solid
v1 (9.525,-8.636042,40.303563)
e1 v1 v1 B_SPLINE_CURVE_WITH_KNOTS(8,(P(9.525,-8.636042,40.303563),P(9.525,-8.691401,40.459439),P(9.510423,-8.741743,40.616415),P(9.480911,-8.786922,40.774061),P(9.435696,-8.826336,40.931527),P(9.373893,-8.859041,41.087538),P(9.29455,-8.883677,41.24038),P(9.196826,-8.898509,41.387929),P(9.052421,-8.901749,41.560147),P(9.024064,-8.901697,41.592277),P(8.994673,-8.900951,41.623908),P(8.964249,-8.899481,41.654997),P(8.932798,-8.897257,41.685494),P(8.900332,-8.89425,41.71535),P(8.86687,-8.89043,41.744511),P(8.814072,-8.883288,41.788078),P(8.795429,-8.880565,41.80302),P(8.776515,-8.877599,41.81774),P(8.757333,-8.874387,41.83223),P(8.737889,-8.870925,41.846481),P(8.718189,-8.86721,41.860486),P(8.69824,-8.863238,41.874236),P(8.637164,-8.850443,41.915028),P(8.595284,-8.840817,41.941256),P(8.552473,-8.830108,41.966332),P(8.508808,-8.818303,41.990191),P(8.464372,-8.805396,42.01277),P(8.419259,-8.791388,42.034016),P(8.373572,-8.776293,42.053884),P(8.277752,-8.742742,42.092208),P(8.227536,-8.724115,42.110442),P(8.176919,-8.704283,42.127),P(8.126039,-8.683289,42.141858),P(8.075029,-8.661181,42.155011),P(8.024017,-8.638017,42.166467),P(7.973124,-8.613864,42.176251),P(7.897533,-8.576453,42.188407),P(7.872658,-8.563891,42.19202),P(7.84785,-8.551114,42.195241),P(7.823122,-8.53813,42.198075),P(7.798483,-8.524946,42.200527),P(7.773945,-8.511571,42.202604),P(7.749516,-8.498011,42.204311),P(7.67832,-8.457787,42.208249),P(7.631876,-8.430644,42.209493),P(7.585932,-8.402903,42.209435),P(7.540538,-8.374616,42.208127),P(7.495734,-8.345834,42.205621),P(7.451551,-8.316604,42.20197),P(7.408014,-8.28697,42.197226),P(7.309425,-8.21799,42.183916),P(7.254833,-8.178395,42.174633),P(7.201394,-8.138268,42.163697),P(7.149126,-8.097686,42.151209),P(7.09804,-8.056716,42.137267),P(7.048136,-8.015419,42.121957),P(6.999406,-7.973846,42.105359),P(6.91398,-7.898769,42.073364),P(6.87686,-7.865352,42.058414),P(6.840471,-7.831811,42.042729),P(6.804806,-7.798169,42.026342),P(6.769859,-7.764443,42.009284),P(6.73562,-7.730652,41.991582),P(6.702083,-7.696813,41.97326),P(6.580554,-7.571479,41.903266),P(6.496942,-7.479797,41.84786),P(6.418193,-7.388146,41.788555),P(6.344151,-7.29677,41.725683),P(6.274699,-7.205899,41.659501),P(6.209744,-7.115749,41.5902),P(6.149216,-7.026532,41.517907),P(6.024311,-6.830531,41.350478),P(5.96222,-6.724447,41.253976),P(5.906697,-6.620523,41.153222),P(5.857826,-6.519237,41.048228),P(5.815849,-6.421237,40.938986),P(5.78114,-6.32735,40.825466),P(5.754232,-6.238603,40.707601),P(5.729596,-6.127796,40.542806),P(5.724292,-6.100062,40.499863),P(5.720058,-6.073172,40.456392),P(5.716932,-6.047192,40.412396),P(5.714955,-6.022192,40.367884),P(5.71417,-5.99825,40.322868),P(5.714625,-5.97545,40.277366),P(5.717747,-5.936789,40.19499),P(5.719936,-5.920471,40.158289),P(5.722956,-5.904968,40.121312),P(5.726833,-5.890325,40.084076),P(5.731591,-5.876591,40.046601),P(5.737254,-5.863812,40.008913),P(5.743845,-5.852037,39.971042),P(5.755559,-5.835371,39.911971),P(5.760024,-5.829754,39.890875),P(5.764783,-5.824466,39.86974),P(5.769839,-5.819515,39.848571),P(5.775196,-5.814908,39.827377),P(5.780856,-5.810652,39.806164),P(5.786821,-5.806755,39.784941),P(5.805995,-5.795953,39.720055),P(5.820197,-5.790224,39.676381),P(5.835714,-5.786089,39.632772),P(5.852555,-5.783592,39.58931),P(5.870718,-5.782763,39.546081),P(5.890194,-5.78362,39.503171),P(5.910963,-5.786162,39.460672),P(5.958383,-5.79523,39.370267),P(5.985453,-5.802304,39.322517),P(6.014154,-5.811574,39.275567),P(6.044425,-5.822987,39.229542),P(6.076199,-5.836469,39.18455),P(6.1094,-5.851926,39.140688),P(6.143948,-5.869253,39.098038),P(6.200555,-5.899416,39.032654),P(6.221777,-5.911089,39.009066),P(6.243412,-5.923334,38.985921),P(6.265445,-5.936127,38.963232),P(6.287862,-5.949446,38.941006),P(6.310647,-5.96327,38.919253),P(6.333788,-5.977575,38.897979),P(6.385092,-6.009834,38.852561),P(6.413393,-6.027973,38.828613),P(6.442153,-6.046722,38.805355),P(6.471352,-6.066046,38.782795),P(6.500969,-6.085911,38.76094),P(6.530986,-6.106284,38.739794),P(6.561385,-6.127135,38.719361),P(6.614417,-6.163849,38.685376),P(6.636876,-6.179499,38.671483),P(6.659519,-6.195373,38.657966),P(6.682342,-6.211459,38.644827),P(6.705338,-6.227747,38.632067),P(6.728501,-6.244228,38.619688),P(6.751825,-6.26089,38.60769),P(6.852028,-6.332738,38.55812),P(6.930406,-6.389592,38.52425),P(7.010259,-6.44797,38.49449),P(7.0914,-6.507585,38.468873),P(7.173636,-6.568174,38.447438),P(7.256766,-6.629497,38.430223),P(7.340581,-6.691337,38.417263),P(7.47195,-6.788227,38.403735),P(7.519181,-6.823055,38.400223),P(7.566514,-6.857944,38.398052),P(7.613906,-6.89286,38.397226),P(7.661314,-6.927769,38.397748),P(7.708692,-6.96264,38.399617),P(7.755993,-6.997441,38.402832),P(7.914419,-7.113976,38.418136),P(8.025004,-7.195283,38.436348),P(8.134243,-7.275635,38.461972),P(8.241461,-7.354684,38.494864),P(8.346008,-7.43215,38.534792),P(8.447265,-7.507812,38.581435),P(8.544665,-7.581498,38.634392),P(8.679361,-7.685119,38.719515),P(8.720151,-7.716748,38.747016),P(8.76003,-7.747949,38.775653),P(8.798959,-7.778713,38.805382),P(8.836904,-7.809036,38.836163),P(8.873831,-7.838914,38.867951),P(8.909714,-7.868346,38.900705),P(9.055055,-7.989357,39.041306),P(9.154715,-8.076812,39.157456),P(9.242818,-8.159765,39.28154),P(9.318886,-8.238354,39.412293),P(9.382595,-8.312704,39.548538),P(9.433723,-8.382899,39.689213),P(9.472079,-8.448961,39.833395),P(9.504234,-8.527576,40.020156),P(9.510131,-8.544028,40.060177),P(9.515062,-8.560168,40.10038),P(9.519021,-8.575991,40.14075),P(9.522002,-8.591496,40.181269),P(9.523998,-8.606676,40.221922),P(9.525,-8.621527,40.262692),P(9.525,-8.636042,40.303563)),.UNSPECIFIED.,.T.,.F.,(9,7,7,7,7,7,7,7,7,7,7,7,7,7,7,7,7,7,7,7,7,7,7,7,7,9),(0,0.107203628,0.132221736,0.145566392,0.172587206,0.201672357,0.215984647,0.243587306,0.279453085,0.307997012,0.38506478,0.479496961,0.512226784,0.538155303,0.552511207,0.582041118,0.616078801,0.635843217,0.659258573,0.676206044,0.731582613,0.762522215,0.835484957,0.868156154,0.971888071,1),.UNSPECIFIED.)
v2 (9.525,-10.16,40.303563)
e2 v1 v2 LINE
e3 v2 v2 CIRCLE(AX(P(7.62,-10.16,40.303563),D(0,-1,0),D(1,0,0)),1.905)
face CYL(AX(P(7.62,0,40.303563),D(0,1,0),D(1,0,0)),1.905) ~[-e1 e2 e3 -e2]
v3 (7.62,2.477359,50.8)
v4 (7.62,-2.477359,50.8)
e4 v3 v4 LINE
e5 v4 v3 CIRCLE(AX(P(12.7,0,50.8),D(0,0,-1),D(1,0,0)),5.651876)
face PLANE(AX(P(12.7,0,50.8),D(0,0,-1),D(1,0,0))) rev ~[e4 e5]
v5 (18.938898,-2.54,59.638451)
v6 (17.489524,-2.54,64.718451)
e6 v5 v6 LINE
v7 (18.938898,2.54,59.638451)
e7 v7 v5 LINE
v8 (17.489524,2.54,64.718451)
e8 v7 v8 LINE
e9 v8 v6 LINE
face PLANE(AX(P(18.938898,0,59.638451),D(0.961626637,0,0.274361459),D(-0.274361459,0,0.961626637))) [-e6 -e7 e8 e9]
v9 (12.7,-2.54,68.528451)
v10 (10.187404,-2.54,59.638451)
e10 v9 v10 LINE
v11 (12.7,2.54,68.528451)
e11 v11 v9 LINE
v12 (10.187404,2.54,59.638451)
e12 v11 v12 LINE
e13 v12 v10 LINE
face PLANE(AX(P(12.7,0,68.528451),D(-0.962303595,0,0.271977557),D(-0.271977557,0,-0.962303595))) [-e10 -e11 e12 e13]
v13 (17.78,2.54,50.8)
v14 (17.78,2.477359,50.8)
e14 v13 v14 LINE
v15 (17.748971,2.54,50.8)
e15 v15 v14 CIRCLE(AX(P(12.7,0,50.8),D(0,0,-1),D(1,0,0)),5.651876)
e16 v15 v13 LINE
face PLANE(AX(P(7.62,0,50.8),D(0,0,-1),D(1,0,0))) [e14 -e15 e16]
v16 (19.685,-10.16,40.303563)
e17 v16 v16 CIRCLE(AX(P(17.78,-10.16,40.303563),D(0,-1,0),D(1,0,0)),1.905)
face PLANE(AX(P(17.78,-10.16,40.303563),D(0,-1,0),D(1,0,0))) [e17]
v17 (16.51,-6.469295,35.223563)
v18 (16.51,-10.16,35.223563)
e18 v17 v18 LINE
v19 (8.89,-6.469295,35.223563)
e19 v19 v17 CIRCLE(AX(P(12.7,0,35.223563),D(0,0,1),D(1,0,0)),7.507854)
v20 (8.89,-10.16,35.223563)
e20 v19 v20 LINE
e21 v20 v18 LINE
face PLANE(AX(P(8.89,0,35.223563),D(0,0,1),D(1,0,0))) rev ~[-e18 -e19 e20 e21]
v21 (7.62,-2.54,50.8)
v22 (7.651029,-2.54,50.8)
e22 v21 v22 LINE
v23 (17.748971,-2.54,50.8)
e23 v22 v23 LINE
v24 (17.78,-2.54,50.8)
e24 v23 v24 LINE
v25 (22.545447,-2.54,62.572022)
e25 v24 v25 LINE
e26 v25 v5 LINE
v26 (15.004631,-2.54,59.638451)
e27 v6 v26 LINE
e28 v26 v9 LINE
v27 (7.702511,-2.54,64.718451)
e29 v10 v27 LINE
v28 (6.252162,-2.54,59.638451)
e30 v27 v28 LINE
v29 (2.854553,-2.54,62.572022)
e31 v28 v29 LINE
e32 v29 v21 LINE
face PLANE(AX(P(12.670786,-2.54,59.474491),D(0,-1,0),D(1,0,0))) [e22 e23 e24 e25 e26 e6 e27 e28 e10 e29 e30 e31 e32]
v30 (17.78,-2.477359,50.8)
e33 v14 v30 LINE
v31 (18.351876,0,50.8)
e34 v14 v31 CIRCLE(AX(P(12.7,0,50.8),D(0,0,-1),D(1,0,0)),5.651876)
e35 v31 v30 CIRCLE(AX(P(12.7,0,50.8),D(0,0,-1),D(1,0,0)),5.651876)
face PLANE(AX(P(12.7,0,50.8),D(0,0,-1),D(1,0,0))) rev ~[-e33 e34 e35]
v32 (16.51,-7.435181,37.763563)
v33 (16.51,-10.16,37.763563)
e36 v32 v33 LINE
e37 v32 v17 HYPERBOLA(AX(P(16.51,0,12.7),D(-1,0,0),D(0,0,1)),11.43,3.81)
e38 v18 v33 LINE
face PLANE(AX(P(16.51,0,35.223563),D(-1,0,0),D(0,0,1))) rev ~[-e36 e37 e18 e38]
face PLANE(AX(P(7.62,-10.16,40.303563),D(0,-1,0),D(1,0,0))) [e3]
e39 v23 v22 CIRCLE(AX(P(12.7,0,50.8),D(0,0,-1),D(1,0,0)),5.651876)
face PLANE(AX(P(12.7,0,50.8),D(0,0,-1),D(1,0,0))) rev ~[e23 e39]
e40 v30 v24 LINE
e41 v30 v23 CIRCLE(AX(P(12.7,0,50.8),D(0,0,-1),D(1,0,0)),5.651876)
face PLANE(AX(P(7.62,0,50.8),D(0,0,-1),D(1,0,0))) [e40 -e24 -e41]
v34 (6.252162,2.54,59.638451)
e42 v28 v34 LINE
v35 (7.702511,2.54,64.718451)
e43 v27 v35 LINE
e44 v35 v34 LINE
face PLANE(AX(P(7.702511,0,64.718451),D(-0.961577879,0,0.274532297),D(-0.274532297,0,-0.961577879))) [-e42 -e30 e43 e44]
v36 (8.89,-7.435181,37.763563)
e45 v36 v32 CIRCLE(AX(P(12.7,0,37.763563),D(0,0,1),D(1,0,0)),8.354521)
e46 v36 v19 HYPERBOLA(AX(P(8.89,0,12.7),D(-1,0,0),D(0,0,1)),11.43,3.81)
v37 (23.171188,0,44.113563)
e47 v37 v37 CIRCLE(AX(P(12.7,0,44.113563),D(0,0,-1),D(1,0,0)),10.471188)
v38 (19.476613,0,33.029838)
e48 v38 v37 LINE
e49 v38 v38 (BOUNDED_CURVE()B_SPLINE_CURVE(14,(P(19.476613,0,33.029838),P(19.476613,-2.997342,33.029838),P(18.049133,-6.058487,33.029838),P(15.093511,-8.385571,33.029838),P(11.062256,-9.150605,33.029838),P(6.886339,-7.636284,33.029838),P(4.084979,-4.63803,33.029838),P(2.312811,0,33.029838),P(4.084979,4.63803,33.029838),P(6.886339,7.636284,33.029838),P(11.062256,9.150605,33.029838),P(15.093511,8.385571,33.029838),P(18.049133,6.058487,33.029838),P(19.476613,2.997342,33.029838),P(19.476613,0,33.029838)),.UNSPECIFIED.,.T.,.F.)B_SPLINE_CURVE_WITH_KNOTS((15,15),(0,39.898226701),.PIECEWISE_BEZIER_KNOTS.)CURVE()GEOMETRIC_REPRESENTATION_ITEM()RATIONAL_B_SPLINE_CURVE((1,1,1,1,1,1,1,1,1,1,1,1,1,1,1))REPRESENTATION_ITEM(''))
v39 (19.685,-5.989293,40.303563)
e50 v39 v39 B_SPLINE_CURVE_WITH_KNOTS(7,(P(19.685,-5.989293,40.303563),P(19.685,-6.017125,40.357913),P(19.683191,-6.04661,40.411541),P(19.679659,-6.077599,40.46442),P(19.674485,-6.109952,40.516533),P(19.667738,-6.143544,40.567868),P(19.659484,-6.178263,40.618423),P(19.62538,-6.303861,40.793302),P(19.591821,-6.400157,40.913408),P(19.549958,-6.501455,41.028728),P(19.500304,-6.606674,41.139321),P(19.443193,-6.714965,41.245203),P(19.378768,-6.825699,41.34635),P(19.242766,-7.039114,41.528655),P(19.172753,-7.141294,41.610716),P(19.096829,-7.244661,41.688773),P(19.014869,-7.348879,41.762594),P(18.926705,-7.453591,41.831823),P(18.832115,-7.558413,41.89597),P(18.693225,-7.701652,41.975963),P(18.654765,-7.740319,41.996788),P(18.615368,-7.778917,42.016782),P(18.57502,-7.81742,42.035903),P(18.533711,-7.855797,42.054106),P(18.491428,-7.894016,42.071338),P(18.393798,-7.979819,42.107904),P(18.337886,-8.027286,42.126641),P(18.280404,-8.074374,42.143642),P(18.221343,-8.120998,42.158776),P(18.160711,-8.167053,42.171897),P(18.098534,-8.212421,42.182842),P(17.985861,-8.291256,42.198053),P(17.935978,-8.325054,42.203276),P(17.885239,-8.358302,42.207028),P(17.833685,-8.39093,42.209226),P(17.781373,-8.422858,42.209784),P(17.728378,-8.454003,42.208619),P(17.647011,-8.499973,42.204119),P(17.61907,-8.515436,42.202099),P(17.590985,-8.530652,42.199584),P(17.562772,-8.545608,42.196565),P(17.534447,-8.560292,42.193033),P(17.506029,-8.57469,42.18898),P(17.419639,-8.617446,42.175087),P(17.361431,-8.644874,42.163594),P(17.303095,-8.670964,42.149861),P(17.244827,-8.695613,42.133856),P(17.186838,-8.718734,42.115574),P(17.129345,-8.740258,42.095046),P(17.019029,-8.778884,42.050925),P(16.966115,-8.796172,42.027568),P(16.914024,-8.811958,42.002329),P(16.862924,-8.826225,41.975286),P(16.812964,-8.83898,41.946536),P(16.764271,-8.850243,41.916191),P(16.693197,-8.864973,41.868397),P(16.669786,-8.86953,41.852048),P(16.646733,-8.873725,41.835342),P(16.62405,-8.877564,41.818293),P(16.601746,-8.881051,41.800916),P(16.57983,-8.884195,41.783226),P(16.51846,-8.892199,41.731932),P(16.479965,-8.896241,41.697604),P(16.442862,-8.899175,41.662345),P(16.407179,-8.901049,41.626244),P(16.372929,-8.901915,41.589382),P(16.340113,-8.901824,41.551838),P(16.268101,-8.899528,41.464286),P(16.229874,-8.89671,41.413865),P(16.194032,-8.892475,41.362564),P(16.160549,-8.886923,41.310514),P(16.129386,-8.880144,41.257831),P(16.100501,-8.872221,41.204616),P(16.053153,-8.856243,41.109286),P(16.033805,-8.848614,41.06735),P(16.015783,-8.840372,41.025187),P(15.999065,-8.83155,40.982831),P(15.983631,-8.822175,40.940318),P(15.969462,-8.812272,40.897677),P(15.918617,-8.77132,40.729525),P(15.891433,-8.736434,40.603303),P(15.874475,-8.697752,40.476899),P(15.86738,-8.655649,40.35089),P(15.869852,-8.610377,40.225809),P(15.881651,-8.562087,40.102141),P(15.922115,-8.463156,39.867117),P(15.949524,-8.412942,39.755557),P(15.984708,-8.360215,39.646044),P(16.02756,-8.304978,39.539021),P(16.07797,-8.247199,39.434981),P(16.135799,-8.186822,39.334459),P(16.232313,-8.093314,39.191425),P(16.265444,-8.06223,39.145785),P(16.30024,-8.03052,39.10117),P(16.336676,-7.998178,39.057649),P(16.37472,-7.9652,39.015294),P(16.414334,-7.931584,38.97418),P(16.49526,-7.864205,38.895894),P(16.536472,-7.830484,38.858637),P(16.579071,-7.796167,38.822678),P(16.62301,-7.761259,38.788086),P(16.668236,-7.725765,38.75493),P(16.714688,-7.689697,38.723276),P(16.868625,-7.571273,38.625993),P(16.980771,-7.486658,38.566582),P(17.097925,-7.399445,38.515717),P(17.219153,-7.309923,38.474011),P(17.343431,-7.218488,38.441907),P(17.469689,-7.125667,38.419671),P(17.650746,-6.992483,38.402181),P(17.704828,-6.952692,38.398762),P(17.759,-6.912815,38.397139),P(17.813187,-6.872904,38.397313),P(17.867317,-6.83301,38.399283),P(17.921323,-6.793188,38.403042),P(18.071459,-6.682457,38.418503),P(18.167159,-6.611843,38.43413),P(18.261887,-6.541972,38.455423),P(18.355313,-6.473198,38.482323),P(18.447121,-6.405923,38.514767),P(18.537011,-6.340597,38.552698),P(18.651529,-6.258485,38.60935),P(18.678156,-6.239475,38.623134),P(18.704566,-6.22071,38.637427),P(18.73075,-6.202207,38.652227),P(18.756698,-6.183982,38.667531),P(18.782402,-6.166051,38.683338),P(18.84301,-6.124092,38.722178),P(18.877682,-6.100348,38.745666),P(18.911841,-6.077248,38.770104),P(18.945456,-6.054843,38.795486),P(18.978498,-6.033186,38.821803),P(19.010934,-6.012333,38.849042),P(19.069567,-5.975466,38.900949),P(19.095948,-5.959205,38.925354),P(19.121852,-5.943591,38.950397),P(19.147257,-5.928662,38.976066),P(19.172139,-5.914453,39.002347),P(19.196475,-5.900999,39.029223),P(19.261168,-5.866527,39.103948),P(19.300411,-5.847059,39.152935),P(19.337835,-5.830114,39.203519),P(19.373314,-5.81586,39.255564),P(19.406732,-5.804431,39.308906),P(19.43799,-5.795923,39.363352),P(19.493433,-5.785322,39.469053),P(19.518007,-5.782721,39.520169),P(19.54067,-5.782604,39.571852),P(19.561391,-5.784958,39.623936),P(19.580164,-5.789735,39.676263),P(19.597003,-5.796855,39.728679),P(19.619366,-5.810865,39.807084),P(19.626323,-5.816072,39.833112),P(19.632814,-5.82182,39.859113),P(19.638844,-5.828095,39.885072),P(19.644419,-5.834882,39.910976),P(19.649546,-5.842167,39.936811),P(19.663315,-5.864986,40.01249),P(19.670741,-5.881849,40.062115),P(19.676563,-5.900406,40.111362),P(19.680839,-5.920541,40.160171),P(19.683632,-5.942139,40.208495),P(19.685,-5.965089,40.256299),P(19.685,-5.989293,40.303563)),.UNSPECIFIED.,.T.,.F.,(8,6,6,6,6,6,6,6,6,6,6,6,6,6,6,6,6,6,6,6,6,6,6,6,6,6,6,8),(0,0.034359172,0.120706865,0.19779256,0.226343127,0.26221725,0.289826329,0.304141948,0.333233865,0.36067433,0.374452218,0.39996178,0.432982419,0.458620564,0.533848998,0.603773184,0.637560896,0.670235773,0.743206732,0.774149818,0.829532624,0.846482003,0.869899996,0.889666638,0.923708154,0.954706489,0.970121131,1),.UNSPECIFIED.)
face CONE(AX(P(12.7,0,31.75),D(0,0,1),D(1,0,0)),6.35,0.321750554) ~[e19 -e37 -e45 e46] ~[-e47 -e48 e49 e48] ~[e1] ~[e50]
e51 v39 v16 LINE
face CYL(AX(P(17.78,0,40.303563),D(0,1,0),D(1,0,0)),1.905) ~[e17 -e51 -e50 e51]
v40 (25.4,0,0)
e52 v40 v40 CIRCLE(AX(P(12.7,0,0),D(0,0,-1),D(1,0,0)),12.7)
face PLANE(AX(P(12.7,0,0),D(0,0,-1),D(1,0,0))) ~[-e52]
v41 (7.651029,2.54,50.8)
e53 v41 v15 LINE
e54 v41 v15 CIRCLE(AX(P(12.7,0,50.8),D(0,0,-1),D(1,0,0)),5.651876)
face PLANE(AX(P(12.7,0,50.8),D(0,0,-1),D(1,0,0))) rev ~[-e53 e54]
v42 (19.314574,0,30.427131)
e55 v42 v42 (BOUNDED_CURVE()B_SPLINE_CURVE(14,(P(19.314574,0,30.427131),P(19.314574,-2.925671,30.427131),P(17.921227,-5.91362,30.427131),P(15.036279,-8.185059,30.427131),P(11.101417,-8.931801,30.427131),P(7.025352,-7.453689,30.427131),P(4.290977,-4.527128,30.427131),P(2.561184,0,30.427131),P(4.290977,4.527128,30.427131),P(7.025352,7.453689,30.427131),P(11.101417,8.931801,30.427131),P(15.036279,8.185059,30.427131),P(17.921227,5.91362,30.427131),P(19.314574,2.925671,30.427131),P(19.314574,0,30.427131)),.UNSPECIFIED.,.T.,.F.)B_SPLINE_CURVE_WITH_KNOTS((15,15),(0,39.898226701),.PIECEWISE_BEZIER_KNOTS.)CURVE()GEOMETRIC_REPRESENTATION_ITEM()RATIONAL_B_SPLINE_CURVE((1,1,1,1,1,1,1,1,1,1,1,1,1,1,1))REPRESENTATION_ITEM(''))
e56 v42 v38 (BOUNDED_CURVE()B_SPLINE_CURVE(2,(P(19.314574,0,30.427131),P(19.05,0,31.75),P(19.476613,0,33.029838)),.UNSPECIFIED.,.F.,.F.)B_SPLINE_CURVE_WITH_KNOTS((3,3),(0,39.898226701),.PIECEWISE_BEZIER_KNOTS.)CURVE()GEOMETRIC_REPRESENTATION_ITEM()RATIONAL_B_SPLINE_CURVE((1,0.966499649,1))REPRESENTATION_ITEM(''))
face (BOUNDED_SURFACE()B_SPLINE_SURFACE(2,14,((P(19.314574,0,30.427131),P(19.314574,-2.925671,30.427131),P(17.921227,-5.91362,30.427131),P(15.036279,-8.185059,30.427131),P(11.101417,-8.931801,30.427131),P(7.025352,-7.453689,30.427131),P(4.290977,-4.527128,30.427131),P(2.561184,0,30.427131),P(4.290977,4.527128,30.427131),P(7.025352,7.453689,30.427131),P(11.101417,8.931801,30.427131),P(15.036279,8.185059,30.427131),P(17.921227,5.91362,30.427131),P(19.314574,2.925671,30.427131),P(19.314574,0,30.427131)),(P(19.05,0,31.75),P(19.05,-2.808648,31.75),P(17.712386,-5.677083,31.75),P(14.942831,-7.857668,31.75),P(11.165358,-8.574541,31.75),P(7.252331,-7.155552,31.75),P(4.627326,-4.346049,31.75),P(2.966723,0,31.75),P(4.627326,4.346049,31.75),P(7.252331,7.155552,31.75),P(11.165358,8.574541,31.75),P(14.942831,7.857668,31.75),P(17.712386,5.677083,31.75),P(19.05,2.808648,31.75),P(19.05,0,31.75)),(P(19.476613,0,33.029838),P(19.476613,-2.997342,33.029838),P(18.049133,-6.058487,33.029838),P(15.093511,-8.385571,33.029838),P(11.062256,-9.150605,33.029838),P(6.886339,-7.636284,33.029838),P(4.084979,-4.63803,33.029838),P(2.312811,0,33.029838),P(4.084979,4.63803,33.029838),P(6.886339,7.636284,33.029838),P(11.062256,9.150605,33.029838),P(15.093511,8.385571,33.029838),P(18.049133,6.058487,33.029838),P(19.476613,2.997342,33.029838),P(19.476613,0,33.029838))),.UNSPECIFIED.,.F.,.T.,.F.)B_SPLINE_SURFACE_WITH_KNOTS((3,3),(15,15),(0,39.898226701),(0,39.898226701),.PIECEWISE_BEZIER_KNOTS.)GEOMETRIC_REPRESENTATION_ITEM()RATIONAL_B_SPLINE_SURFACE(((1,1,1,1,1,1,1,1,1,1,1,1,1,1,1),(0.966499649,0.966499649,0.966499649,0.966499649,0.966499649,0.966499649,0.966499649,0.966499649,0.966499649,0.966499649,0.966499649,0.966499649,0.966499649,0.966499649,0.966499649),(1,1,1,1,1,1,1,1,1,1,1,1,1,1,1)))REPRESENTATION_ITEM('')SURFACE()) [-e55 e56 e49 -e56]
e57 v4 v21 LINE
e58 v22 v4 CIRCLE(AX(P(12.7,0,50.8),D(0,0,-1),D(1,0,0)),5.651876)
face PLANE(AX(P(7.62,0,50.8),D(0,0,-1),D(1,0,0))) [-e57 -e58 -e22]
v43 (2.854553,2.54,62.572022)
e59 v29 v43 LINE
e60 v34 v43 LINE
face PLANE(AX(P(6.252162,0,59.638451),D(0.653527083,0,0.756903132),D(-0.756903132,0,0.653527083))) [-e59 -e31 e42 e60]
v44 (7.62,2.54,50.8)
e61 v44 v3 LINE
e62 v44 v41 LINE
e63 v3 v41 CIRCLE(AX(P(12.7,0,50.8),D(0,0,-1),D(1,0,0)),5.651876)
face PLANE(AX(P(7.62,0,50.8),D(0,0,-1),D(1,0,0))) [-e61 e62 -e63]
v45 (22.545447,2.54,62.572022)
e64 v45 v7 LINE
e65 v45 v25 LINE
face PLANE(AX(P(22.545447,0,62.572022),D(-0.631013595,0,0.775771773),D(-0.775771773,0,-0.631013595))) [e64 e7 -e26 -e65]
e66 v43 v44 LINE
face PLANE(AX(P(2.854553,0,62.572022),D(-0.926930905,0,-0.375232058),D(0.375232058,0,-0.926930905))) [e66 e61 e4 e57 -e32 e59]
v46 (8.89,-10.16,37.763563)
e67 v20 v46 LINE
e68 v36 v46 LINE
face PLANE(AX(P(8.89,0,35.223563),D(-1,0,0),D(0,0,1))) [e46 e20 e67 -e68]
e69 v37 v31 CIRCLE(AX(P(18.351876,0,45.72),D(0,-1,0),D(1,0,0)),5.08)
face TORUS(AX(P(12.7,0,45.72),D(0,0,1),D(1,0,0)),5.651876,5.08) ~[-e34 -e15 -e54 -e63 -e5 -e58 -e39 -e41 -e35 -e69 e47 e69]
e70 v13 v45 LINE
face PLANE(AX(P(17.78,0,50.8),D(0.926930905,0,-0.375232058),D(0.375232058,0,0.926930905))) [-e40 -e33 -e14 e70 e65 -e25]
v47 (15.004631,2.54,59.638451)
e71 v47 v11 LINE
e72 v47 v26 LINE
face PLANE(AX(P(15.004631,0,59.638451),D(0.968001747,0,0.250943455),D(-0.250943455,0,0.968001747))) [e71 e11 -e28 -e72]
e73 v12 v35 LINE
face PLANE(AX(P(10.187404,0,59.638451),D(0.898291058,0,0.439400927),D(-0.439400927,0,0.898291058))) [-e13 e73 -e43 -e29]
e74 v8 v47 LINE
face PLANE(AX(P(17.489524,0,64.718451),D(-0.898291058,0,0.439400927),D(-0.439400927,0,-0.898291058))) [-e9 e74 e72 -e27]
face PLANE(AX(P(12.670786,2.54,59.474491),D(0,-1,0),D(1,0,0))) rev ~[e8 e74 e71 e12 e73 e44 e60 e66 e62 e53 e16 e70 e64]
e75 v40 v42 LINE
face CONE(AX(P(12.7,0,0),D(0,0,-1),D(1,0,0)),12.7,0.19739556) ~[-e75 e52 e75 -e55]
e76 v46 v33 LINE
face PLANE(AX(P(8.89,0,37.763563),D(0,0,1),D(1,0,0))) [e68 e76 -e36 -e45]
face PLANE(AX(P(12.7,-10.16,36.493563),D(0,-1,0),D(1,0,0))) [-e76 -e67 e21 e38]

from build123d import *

# Parameters (mm, degrees)
F2_R     = 5.08
F4_DEPTH = 2.54
F5_R     = 1.905
F5_W     = 7.62
F5_H     = 2.54
F6_DEPTH = 10.16


with BuildPart() as f1:
    # F0 (on Front) → F1 (revolve)
    with BuildSketch(Plane.XZ):
        Polygon((12.7, 50.8), (12.7, 0), (25.4, 0), (19.05, 31.75), (25.4, 50.8), align=None)
    revolve(axis=Axis((12.7, 0, 25.4), (0, 0, -1)))

    # F2
    f2_edges = [f1.edges().sort_by_distance(p)[0] for p in [
        (0, 0, 50.8),
        (6.35, 0, 31.75),
    ]]
    fillet(f2_edges, radius=F2_R)

    # F3 (on Front) → F4 (join, symmetric)
    with BuildSketch(Plane.XZ):
        Polygon((2.8545528618, 62.5720224929), (7.62, 50.8), (17.78, 50.8), (22.5454471382, 62.5720224929), (18.9388975427, 59.6384511692), (17.489523992, 64.7184511692), (15.004631497, 59.6384511692), (12.7, 68.5284511692), (10.187403664, 59.6384511692), (7.702511169, 64.7184511692), (6.2521615923, 59.6384511692), align=None)
    extrude(amount=F4_DEPTH, both=True)

    # F5 (on Front) → F6 (join)
    with BuildSketch(Plane.XZ):
        with Locations((7.62, 40.3035629486)):
            Circle(F5_R)
        with Locations((17.78, 40.3035629486)):
            Circle(F5_R)
        with Locations((12.7, 36.4935629486)):
            Rectangle(F5_W, F5_H)
    extrude(amount=F6_DEPTH)


solid = f1.part
